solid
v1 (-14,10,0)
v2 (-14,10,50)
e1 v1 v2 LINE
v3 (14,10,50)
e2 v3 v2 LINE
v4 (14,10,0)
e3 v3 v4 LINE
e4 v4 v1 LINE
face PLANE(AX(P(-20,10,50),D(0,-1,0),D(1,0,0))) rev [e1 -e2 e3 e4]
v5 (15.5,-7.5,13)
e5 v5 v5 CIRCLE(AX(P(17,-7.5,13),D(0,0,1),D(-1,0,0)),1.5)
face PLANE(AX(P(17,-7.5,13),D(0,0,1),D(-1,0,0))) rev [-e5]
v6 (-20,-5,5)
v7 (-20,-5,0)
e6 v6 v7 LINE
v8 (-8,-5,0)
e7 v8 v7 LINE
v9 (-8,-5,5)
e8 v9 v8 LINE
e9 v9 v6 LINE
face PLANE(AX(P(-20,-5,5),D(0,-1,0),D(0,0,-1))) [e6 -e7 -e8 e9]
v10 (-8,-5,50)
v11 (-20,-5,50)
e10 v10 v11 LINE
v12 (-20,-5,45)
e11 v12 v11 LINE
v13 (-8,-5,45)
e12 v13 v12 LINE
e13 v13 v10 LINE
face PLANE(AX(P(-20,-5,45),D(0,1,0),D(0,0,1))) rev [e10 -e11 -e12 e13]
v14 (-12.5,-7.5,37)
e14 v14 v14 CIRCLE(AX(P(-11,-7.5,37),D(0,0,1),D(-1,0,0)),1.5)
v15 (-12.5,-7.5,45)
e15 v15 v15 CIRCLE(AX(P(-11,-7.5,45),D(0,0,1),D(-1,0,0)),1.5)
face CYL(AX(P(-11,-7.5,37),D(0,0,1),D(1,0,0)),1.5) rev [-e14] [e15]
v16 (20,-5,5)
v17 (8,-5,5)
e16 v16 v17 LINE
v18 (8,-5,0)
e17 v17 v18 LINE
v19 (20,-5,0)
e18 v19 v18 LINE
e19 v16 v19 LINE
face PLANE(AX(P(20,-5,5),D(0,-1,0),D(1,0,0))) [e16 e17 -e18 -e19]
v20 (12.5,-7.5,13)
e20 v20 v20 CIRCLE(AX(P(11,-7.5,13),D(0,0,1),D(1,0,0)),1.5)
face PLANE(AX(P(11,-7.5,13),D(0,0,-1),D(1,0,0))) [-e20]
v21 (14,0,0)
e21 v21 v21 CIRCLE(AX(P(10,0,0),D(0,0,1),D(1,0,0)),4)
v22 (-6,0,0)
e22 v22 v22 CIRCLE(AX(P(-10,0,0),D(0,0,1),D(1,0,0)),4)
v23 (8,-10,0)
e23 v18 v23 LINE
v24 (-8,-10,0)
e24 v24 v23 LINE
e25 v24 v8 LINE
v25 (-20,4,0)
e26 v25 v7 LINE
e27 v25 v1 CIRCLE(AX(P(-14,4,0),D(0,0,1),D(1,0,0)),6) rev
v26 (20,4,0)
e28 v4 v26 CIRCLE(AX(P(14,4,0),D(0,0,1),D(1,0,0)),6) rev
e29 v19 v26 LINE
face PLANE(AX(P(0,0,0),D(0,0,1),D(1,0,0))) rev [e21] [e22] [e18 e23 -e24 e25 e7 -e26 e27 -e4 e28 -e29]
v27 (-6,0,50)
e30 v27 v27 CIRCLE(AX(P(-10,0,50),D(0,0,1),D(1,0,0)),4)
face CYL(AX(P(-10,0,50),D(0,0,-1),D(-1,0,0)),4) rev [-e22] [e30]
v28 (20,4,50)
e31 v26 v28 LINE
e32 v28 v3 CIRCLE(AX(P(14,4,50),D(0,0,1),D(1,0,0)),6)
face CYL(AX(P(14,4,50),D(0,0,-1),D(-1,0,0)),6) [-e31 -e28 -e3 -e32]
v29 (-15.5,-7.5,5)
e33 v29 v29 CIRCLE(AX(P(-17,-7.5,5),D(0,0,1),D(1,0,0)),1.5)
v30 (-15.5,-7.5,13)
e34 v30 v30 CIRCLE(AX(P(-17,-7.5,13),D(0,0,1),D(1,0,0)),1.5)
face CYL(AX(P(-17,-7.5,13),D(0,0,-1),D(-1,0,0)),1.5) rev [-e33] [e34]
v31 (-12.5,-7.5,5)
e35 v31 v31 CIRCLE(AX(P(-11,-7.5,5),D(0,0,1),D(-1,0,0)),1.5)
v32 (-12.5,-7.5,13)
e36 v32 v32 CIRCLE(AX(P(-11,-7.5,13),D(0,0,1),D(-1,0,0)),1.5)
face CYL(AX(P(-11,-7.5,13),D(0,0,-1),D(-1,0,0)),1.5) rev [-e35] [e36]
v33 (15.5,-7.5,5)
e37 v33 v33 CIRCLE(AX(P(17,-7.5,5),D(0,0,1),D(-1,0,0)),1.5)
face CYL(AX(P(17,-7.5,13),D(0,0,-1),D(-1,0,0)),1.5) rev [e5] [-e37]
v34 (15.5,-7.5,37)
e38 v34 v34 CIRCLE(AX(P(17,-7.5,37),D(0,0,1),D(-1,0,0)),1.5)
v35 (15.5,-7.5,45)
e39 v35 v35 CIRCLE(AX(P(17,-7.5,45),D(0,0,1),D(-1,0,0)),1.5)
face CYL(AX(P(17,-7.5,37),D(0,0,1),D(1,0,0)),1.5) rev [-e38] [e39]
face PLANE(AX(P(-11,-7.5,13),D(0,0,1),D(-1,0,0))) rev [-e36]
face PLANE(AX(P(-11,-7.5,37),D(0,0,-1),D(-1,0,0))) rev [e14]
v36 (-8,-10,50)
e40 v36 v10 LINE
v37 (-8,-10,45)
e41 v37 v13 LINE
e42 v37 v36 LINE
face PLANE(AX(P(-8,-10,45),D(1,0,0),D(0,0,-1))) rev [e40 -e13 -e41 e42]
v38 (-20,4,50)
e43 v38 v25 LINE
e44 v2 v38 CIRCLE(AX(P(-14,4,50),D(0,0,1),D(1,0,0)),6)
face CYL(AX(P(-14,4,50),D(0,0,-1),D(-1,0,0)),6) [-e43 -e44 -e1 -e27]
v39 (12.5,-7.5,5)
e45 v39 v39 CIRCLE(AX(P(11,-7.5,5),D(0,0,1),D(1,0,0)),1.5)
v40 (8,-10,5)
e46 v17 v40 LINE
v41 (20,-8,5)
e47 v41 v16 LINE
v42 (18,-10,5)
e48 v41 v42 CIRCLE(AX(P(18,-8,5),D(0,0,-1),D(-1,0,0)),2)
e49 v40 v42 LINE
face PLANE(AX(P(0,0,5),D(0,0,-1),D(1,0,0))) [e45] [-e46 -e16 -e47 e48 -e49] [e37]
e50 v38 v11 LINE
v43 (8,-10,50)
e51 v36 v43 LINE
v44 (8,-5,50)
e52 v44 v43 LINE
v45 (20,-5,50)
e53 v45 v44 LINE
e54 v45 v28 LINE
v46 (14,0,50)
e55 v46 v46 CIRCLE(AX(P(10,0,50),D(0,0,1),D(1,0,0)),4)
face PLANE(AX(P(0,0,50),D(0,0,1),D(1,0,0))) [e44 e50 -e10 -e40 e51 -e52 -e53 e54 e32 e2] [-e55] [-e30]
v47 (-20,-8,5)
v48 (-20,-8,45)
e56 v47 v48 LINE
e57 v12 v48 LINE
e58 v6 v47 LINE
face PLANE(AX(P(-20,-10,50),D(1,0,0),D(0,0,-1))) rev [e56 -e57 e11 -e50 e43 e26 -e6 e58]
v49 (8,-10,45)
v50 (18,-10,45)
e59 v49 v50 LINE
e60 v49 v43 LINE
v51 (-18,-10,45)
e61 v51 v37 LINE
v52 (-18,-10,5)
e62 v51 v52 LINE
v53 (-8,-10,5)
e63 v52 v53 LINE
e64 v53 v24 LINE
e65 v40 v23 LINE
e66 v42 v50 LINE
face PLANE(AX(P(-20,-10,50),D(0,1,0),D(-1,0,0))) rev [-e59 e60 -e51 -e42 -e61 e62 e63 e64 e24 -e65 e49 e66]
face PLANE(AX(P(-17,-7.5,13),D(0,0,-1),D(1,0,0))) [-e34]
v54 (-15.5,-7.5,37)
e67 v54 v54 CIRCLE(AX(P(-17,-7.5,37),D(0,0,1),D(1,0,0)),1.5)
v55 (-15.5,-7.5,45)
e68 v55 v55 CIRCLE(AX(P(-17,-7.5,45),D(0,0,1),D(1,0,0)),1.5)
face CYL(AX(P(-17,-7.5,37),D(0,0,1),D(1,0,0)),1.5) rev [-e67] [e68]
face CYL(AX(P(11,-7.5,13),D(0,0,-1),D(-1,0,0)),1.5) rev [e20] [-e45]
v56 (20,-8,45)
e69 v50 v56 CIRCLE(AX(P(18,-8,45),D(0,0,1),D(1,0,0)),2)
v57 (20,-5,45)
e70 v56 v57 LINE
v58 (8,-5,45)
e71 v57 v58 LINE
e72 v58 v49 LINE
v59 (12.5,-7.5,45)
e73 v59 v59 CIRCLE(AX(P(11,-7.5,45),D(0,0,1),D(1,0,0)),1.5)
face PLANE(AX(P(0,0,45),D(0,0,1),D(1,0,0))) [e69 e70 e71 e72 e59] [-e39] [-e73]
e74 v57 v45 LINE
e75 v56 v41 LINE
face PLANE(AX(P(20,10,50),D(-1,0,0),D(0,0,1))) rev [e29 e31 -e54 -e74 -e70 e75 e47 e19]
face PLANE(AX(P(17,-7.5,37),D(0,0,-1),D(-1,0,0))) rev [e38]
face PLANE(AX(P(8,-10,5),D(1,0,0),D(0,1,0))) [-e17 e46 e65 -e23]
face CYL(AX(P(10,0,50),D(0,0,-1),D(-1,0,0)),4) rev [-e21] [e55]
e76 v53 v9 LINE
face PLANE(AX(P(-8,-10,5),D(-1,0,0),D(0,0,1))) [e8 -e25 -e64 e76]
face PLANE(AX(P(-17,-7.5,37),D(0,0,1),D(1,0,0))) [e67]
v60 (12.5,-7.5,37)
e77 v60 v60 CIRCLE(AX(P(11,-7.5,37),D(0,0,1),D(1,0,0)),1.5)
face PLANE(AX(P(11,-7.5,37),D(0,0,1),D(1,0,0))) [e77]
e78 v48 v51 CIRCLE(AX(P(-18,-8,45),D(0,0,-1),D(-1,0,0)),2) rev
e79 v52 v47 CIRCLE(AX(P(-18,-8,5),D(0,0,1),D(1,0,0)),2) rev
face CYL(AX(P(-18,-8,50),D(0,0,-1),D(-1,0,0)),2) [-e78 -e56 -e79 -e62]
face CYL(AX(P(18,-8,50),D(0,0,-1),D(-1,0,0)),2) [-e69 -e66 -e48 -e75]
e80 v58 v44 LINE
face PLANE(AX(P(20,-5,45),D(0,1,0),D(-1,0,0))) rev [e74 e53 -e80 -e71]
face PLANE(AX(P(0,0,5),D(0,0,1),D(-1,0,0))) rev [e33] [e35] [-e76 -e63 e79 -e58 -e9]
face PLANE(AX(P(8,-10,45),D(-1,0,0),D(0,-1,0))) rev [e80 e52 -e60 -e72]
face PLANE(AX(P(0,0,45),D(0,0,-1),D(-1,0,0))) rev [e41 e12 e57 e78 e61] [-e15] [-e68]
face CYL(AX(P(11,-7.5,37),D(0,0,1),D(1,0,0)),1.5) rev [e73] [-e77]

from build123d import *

# Parameters (mm, degrees)
ESQUISSE1_W             = 40
ESQUISSE1_H             = 20
ESQUISSE1_R             = 4
BOSS_EXTRU_1_DEPTH      = 50
ESQUISSE2_W             = 12
ESQUISSE2_H             = 5
ENL_V_MAT_EXTRU_1_DEPTH = 5
ESQUISSE3_R             = 1.5
ENL_V_MAT_EXTRU_2_DEPTH = 8
CONG_2_R                = 6
CONG_3_R                = 2


with BuildPart() as part:
    # Esquisse1 → Boss.-Extru.1 (new body)
    with BuildSketch(Plane.XY):
        Rectangle(ESQUISSE1_W, ESQUISSE1_H)
        with Locations((-10, 0)):
            Circle(ESQUISSE1_R, mode=Mode.SUBTRACT)
        with Locations((10, 0)):
            Circle(ESQUISSE1_R, mode=Mode.SUBTRACT)
    extrude(amount=BOSS_EXTRU_1_DEPTH)

    # Esquisse2 → Enlèv. mat.-Extru.1 (cut)
    with BuildSketch(Plane.XY.offset(50)):
        with Locations((-14, -7.5)):
            Rectangle(ESQUISSE2_W, ESQUISSE2_H)
        with Locations((14, -7.5)):
            Rectangle(ESQUISSE2_W, ESQUISSE2_H)
    enl_v_mat_extru_1 = extrude(amount=-ENL_V_MAT_EXTRU_1_DEPTH, mode=Mode.SUBTRACT)

    # Esquisse3 → Enlèv. mat.-Extru.2 (cut)
    with BuildSketch(Plane.XY.offset(45)):
        with Locations((-17, -7.5)):
            Circle(ESQUISSE3_R)
        with Locations(Location((-11, -7.5, 0), (0, 0, 180))):
            Circle(ESQUISSE3_R)
        with Locations(Location((17, -7.5, 0), (0, 0, 180))):
            Circle(ESQUISSE3_R)
        with Locations((11, -7.5)):
            Circle(ESQUISSE3_R)
    enl_v_mat_extru_2 = extrude(amount=-ENL_V_MAT_EXTRU_2_DEPTH, mode=Mode.SUBTRACT)

    # Symétrie1: Enlèv. mat.-Extru.1, Enlèv. mat.-Extru.2 across plane
    add(enl_v_mat_extru_1.mirror(Plane.XY.offset(25)), mode=Mode.SUBTRACT)
    add(enl_v_mat_extru_2.mirror(Plane.XY.offset(25)), mode=Mode.SUBTRACT)

    # Congé2
    cong_2_edges = [part.edges().sort_by_distance(p)[0] for p in [
        (-20, 10, 25),
        (20, 10, 25),
    ]]
    fillet(cong_2_edges, radius=CONG_2_R)

    # Congé3
    cong_3_edges = [part.edges().sort_by_distance(p)[0] for p in [
        (20, -10, 25),
        (-20, -10, 25),
    ]]
    fillet(cong_3_edges, radius=CONG_3_R)


solid = part.part
